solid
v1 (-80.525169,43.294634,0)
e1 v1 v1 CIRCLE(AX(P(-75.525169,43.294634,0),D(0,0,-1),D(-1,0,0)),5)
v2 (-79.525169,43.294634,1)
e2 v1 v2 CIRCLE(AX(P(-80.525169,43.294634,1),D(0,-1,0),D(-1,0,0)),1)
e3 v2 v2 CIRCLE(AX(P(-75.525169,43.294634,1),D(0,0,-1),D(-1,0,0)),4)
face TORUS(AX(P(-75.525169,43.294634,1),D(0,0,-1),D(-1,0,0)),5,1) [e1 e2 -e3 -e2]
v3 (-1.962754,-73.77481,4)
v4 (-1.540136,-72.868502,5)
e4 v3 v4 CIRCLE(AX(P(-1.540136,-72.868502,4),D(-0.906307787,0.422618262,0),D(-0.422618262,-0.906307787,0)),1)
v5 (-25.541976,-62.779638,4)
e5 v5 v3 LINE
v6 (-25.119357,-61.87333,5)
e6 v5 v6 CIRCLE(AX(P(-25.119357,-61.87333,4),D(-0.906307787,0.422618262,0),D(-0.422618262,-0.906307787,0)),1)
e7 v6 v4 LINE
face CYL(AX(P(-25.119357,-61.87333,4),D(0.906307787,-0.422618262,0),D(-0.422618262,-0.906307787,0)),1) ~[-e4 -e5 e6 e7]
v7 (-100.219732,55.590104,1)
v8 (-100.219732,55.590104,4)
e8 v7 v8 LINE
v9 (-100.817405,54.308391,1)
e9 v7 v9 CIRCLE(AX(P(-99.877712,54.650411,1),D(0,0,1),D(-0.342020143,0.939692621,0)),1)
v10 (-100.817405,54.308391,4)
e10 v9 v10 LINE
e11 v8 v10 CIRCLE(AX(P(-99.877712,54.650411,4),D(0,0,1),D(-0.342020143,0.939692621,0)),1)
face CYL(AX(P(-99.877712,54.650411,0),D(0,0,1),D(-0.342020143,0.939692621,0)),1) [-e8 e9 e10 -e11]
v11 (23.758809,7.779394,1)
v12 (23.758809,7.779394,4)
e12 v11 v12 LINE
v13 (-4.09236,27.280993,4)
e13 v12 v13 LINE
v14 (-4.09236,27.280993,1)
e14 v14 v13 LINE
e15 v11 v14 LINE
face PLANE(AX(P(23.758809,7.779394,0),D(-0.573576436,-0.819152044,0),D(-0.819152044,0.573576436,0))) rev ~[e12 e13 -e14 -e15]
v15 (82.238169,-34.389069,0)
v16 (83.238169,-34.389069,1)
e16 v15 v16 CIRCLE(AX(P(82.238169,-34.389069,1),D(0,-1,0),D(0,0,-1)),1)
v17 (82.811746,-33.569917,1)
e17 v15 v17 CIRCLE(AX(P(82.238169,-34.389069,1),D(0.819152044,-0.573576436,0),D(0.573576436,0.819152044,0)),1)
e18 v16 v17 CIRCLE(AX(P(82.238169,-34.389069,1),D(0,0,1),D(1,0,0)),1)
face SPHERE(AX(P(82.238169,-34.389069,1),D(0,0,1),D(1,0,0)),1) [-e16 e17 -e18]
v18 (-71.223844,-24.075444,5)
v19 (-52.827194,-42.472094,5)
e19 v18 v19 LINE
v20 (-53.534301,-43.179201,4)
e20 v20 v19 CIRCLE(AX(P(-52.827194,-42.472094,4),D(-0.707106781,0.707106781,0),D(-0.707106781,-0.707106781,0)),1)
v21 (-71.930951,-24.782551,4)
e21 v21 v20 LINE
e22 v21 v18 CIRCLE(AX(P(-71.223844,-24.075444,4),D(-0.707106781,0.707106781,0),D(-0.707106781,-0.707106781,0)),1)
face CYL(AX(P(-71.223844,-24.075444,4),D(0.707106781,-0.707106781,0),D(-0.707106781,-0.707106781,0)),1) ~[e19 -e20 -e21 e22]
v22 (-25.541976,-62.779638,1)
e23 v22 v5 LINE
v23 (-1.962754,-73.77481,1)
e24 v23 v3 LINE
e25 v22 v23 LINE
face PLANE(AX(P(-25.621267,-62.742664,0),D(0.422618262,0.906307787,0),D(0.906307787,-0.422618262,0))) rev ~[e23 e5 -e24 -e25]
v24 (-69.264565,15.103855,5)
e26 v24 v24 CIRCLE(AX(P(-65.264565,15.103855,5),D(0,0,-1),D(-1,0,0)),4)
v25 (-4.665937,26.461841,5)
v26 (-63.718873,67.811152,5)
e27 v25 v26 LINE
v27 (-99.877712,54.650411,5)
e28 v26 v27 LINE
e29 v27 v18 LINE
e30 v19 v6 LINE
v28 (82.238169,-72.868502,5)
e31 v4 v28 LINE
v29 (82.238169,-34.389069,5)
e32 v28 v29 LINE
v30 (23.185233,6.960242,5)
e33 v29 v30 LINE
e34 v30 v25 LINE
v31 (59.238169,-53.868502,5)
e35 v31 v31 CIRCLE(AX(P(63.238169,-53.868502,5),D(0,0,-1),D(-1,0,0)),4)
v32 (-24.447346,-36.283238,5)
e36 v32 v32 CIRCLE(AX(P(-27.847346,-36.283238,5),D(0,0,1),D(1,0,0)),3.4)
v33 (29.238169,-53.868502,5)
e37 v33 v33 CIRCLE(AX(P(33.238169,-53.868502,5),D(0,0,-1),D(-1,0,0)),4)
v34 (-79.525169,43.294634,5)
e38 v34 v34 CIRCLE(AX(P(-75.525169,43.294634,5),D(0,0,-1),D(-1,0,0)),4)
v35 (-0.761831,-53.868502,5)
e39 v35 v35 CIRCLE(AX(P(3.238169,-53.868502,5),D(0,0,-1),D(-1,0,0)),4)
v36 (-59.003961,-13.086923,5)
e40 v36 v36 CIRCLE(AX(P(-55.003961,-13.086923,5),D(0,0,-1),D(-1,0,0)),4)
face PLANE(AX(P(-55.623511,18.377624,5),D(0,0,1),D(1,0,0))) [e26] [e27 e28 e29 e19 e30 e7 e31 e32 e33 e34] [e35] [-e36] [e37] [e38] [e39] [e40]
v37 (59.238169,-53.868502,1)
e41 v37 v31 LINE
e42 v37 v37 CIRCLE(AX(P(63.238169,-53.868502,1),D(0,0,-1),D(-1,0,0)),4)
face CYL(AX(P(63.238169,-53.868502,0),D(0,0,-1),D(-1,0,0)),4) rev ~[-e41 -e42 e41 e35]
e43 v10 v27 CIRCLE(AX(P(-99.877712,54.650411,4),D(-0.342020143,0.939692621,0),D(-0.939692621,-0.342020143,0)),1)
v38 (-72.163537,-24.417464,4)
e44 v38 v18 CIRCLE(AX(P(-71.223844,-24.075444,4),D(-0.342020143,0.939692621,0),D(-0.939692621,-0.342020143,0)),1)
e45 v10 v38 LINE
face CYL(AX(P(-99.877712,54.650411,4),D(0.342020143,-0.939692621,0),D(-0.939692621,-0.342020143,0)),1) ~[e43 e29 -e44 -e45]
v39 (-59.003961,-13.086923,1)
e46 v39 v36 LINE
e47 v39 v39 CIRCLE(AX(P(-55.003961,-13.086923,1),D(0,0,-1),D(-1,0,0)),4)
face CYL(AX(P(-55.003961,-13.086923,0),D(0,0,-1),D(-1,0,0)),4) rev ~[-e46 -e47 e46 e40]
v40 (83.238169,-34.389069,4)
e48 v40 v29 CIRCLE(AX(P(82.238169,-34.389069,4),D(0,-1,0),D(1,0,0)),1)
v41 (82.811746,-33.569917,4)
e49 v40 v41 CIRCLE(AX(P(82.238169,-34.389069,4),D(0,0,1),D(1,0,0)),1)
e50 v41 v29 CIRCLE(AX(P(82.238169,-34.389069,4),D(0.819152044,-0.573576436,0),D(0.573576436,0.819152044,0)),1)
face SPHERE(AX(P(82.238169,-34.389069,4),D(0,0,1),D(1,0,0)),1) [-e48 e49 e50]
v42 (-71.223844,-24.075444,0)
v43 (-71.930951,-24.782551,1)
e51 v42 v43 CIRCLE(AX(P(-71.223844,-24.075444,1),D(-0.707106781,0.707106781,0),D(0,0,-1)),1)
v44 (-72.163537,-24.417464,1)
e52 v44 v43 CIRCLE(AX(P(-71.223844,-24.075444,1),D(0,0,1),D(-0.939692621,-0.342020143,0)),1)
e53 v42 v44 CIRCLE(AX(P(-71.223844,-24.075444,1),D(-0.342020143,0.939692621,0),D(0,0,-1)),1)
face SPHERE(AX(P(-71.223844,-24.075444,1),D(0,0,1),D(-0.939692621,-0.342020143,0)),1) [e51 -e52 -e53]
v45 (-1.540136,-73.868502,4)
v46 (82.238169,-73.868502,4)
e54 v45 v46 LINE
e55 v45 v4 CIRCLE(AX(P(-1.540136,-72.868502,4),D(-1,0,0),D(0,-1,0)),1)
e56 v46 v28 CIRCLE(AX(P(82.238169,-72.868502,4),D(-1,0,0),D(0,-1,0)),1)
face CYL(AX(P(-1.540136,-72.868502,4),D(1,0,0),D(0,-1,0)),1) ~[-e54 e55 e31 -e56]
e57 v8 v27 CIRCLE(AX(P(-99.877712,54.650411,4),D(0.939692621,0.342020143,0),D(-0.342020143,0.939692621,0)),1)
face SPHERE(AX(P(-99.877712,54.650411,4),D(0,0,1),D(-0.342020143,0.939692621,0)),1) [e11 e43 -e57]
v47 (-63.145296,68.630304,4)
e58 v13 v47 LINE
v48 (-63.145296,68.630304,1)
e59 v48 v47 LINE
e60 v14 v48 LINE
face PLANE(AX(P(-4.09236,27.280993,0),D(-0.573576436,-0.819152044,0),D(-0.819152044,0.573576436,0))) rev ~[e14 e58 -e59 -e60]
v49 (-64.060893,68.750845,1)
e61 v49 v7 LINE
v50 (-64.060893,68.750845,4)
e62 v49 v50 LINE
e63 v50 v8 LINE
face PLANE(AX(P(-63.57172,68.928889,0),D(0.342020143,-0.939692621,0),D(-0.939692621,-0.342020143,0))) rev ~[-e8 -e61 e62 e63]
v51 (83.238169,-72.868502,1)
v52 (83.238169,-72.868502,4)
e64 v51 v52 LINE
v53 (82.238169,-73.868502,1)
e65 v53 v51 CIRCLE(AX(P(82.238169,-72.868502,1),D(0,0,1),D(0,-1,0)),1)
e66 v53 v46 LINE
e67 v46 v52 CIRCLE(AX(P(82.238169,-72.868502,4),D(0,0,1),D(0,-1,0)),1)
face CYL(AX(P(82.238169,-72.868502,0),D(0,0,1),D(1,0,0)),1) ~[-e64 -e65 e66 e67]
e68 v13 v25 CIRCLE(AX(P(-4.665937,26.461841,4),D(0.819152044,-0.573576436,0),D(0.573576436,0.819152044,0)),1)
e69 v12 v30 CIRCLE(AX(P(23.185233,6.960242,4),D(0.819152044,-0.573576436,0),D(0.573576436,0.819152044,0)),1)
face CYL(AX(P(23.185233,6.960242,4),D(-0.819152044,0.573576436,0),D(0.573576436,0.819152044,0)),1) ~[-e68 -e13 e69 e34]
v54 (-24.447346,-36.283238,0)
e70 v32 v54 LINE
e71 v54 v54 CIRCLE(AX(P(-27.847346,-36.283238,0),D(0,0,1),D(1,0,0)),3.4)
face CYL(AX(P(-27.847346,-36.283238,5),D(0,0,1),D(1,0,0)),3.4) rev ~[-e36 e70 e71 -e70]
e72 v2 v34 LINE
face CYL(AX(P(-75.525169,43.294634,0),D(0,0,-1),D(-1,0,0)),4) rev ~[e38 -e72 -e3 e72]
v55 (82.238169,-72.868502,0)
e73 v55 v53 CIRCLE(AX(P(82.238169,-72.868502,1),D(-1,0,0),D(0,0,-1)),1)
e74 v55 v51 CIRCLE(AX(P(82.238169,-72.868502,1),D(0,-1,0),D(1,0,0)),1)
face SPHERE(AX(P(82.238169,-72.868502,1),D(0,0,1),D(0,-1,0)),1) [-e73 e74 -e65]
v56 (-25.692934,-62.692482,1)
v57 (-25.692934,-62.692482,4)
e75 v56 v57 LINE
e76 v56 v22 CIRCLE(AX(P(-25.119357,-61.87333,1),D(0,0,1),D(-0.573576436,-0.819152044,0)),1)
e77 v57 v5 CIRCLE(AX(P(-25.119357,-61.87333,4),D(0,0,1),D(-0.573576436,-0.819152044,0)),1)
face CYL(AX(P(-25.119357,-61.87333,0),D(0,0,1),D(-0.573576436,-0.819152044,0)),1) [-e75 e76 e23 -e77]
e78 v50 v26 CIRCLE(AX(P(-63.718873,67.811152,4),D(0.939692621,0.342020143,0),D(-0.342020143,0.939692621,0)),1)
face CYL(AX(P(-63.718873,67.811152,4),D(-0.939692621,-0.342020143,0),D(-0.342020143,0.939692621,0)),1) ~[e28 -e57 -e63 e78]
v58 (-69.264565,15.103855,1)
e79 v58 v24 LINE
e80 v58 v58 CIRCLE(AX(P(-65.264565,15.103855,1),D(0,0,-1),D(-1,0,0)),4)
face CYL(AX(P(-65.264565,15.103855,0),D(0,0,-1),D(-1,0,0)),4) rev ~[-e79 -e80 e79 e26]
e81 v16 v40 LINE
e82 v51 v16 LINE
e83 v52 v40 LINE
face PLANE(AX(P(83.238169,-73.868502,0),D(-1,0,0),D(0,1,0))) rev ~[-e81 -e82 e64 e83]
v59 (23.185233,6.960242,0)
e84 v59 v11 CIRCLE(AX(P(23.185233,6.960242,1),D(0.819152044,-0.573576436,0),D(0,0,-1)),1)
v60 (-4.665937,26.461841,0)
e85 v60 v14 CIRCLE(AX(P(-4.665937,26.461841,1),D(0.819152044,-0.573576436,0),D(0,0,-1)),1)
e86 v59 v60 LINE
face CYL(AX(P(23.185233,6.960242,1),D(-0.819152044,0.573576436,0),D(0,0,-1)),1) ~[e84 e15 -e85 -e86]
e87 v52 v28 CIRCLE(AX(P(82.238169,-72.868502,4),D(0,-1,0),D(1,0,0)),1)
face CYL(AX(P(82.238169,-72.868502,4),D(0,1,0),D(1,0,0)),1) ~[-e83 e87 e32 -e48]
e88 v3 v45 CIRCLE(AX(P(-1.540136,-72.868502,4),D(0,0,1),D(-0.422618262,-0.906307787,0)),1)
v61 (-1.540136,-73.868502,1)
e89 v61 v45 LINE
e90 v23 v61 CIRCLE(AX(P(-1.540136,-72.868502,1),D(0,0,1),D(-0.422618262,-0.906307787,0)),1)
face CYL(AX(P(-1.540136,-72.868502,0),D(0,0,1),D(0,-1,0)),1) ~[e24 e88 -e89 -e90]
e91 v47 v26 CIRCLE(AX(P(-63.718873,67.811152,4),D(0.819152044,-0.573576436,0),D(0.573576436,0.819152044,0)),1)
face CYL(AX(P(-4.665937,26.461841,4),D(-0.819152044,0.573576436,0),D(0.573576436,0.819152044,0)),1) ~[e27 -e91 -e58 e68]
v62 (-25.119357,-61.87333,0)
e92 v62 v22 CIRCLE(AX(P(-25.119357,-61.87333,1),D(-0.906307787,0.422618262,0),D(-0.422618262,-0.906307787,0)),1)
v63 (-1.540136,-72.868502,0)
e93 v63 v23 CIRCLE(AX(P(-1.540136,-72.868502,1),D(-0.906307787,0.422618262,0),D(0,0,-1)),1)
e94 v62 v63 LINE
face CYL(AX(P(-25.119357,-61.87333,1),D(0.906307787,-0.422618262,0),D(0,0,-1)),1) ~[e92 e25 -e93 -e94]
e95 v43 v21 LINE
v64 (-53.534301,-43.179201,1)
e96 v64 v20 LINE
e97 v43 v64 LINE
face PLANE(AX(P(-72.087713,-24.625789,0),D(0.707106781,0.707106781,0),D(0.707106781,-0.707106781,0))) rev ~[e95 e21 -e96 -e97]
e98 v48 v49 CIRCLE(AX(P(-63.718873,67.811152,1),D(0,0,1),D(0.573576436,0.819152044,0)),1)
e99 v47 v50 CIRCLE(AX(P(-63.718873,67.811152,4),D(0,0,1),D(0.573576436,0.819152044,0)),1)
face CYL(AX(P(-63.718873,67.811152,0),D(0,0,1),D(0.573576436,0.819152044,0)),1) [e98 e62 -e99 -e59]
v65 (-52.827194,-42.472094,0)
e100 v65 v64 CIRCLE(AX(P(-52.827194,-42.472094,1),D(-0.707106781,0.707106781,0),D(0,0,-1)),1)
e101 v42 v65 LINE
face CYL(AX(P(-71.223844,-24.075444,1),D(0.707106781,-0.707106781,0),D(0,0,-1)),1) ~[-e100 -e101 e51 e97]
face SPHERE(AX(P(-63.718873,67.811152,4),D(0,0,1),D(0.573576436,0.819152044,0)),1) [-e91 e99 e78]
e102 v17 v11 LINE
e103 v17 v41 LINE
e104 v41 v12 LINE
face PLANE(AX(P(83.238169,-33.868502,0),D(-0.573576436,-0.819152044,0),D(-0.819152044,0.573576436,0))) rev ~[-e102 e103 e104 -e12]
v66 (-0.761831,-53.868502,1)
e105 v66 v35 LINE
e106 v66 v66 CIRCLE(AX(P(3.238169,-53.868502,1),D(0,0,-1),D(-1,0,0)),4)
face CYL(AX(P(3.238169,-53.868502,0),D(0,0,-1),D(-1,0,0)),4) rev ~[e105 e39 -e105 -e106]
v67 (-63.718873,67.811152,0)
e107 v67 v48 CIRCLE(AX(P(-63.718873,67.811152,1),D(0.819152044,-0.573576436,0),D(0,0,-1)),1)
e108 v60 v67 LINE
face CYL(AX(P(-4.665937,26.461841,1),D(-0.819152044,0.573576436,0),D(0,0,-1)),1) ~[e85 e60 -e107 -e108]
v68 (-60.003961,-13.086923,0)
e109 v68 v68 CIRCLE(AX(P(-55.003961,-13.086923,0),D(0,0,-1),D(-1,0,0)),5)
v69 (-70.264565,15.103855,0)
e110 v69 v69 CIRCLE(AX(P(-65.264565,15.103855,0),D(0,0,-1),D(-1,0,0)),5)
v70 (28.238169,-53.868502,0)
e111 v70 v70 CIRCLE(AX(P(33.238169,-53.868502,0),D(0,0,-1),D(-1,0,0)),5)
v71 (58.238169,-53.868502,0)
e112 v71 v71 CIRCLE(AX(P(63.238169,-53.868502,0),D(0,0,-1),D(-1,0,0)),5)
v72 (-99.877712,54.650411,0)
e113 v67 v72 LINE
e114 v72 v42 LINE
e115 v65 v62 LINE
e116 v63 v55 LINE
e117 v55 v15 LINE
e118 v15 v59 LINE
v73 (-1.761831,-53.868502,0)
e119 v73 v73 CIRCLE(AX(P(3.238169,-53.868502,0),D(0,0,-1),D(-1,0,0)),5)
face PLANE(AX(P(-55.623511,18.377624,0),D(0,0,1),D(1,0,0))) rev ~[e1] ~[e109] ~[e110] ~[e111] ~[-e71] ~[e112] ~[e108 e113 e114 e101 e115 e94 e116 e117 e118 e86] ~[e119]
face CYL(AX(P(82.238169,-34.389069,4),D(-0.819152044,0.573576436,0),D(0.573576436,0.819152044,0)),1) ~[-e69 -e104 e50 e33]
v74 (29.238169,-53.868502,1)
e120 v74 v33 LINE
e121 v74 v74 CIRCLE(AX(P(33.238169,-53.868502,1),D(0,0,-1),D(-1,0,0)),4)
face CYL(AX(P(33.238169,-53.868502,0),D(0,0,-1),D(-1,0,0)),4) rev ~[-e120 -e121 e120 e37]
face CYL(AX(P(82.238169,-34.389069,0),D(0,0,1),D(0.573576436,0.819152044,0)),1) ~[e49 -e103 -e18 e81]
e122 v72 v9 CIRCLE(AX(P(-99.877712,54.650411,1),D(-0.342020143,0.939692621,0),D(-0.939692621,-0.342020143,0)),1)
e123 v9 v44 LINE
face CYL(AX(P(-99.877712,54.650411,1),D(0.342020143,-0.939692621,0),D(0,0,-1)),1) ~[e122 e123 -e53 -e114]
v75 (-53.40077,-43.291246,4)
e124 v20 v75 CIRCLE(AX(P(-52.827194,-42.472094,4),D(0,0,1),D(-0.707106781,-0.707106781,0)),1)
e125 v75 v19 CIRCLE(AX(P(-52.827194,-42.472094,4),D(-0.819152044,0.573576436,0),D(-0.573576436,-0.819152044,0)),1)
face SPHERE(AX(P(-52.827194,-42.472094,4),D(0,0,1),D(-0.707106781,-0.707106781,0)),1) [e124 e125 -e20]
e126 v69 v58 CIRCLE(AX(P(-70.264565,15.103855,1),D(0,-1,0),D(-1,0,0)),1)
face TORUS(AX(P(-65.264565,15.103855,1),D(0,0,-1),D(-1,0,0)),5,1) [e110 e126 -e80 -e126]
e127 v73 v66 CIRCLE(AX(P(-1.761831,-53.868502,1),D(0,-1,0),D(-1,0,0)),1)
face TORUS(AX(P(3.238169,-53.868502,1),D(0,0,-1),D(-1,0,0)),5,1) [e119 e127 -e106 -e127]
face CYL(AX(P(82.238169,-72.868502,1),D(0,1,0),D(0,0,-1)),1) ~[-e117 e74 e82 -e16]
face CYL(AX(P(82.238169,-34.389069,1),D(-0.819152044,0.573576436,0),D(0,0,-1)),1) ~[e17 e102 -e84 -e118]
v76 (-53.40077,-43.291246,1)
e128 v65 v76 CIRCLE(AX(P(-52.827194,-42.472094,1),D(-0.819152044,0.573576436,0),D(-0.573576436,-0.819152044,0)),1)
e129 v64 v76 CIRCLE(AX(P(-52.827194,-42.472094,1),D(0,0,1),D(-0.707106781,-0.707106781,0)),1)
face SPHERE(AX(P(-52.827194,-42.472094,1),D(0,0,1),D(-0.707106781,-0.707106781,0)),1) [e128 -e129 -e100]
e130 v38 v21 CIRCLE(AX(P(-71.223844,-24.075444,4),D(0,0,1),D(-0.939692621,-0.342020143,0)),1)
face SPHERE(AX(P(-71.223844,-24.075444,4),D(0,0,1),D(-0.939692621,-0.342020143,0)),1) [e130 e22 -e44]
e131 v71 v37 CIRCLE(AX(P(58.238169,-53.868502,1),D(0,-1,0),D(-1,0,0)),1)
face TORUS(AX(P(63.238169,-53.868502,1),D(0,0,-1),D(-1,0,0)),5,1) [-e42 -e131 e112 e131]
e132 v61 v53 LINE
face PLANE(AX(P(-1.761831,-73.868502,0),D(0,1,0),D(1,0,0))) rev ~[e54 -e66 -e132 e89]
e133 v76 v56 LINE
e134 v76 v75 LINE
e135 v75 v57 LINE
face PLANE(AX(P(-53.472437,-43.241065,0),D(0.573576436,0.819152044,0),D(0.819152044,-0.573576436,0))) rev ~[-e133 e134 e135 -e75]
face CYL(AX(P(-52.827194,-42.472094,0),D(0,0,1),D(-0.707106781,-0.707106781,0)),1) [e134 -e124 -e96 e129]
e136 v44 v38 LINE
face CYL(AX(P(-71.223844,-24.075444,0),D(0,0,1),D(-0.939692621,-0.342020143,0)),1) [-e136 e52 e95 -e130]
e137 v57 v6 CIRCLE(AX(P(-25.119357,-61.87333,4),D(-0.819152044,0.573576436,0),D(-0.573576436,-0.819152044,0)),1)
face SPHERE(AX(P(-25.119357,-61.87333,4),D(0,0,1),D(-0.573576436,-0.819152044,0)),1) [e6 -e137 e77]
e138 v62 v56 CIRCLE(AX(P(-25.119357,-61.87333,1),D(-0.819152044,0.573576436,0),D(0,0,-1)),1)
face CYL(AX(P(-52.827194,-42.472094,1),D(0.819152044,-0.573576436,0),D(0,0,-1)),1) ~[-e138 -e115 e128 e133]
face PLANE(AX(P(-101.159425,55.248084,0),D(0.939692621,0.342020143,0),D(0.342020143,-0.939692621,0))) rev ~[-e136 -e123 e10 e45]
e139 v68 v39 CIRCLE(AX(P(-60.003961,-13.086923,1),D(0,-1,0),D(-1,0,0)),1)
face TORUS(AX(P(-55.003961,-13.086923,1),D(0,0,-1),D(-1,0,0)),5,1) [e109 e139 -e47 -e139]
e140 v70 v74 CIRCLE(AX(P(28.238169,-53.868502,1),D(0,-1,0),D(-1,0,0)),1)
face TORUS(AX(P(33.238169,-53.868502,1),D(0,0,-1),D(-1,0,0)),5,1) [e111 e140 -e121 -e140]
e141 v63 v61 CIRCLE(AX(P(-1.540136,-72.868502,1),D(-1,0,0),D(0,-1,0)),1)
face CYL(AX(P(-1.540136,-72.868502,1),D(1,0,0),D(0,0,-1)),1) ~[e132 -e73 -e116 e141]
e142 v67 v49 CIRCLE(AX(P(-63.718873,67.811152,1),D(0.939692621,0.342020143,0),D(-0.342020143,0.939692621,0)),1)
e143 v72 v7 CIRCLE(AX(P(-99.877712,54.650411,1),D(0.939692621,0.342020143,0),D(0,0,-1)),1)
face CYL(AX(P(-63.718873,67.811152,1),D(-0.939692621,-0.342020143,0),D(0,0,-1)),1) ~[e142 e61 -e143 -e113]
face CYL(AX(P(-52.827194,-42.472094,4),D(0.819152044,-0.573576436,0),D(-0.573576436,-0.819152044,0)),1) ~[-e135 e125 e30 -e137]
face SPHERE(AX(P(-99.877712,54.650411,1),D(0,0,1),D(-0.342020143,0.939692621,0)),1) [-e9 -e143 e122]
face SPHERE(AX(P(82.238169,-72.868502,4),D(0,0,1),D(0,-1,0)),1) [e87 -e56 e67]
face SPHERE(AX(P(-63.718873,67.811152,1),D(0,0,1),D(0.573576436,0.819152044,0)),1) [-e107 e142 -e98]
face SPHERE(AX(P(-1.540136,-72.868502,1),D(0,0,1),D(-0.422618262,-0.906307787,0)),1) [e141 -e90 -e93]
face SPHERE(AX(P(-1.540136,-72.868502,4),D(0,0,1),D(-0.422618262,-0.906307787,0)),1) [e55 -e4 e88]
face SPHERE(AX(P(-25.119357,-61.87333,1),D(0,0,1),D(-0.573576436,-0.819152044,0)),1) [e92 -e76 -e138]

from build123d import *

# Parameters (mm, degrees)
BOSS_EXTRUDE1_DEPTH = 5
SKETCH2_R           = 4
CUT_EXTRUDE1_DEPTH  = 126.358624579
FILLET1_R           = 1
FILLET2_R           = 1
SKETCH3_R           = 3.4
CUT_EXTRUDE2_DEPTH  = 126.131404197


with BuildPart() as part:
    # Sketch1 → Boss-Extrude1 (new body)
    with BuildSketch(Plane.XY):
        Polygon((-53.472436825, -43.241064951), (-4.092360114, 27.280993176), (-63.57171988, 68.928889252), (-101.159424711, 55.248083519), (-72.087712528, -24.625789248), align=None)
        Polygon((-25.62126732, -62.742663787), (23.758809391, 7.779394341), (-4.092360114, 27.280993176), (-53.472436825, -43.241064951), align=None)
        Polygon((83.238169156, -73.868501735), (83.238169156, -33.868501735), (23.758809391, 7.779394341), (-25.62126732, -62.742663787), (-1.761830844, -73.868501735), align=None)
    extrude(amount=BOSS_EXTRUDE1_DEPTH)

    # Sketch2 → Cut-Extrude1 (cut, through all)
    with BuildSketch(Plane(origin=(0, 0, 0), x_dir=(-1, 0, 0), z_dir=(0, 0, -1))):
        with Locations((-63.238169156, -53.868501735)):
            Circle(SKETCH2_R)
        with Locations((-33.238169156, -53.868501735)):
            Circle(SKETCH2_R)
        with Locations((-3.238169156, -53.868501735)):
            Circle(SKETCH2_R)
        with Locations((75.525169429, 43.29463397)):
            Circle(SKETCH2_R)
        with Locations((65.264565129, 15.103855346)):
            Circle(SKETCH2_R)
        with Locations((55.003960829, -13.086923278)):
            Circle(SKETCH2_R)
    extrude(amount=-CUT_EXTRUDE1_DEPTH, mode=Mode.SUBTRACT)

    # Fillet1
    fillet1_edges = [part.edges().sort_by_distance(p)[0] for p in [
        (-72.087712528, -24.625789248, 2.5),
        (-101.159424711, 55.248083519, 2.5),
        (-63.57171988, 68.928889252, 2.5),
        (83.238169156, -33.868501735, 2.5),
        (83.238169156, -73.868501735, 2.5),
        (-1.761830844, -73.868501735, 2.5),
        (-25.62126732, -62.742663787, 2.5),
        (-53.472436825, -43.241064951, 2.5),
        (-71.525169429, 43.29463397, 0),
        (-51.003960829, -13.086923278, 0),
        (7.238169156, -53.868501735, 0),
        (37.238169156, -53.868501735, 0),
        (67.238169156, -53.868501735, 0),
        (-61.264565129, 15.103855346, 0),
    ]]
    fillet(fillet1_edges, radius=FILLET1_R)

    # Fillet2
    fillet2_edges = [part.edges().sort_by_distance(p)[0] for p in [
        (-62.732625691, -33.980876085, 0),
        (-86.490470568, 14.945463244, 0),
        (-82.140312493, 62.170474248, 0),
        (9.833224638, 17.530193758, 0),
        (83.238169156, -53.62878526, 0),
        (40.349016488, -73.868501735, 0),
        (-13.752365053, -68.277223808, 0),
        (-39.546852072, -52.991864369, 0),
        (82.945275938, -73.575608516, 0),
        (-1.756575795, -73.844797742, 0),
        (-25.619357401, -62.739355711, 0),
        (-72.067235394, -24.612743874, 0),
        (-53.469981481, -43.238138786, 0),
        (-100.784019734, 55.073029303, 0),
        (-63.58834656, 68.802597075, 0),
        (83.12517999, -33.927320172, 0),
        (9.833224638, 17.530193758, 5),
        (83.238169156, -53.62878526, 5),
        (-62.732625691, -33.980876085, 5),
        (-39.546852072, -52.991864369, 5),
        (-13.752365053, -68.277223808, 5),
        (40.349016488, -73.868501735, 5),
        (-82.140312493, 62.170474248, 5),
        (-86.490470568, 14.945463244, 5),
        (82.945275938, -73.575608516, 5),
        (-1.756575795, -73.844797742, 5),
        (-25.619357401, -62.739355711, 5),
        (-72.067235394, -24.612743874, 5),
        (-53.469981481, -43.238138786, 5),
        (-100.784019734, 55.073029303, 5),
        (-63.58834656, 68.802597075, 5),
        (83.12517999, -33.927320172, 5),
    ]]
    fillet(fillet2_edges, radius=FILLET2_R)

    # Sketch3 → Cut-Extrude2 (cut, through all)
    with BuildSketch(Plane.XY.offset(5)):
        with Locations((-27.84734626, -36.283238463)):
            Circle(SKETCH3_R)
    extrude(amount=-CUT_EXTRUDE2_DEPTH, mode=Mode.SUBTRACT)


solid = part.part
